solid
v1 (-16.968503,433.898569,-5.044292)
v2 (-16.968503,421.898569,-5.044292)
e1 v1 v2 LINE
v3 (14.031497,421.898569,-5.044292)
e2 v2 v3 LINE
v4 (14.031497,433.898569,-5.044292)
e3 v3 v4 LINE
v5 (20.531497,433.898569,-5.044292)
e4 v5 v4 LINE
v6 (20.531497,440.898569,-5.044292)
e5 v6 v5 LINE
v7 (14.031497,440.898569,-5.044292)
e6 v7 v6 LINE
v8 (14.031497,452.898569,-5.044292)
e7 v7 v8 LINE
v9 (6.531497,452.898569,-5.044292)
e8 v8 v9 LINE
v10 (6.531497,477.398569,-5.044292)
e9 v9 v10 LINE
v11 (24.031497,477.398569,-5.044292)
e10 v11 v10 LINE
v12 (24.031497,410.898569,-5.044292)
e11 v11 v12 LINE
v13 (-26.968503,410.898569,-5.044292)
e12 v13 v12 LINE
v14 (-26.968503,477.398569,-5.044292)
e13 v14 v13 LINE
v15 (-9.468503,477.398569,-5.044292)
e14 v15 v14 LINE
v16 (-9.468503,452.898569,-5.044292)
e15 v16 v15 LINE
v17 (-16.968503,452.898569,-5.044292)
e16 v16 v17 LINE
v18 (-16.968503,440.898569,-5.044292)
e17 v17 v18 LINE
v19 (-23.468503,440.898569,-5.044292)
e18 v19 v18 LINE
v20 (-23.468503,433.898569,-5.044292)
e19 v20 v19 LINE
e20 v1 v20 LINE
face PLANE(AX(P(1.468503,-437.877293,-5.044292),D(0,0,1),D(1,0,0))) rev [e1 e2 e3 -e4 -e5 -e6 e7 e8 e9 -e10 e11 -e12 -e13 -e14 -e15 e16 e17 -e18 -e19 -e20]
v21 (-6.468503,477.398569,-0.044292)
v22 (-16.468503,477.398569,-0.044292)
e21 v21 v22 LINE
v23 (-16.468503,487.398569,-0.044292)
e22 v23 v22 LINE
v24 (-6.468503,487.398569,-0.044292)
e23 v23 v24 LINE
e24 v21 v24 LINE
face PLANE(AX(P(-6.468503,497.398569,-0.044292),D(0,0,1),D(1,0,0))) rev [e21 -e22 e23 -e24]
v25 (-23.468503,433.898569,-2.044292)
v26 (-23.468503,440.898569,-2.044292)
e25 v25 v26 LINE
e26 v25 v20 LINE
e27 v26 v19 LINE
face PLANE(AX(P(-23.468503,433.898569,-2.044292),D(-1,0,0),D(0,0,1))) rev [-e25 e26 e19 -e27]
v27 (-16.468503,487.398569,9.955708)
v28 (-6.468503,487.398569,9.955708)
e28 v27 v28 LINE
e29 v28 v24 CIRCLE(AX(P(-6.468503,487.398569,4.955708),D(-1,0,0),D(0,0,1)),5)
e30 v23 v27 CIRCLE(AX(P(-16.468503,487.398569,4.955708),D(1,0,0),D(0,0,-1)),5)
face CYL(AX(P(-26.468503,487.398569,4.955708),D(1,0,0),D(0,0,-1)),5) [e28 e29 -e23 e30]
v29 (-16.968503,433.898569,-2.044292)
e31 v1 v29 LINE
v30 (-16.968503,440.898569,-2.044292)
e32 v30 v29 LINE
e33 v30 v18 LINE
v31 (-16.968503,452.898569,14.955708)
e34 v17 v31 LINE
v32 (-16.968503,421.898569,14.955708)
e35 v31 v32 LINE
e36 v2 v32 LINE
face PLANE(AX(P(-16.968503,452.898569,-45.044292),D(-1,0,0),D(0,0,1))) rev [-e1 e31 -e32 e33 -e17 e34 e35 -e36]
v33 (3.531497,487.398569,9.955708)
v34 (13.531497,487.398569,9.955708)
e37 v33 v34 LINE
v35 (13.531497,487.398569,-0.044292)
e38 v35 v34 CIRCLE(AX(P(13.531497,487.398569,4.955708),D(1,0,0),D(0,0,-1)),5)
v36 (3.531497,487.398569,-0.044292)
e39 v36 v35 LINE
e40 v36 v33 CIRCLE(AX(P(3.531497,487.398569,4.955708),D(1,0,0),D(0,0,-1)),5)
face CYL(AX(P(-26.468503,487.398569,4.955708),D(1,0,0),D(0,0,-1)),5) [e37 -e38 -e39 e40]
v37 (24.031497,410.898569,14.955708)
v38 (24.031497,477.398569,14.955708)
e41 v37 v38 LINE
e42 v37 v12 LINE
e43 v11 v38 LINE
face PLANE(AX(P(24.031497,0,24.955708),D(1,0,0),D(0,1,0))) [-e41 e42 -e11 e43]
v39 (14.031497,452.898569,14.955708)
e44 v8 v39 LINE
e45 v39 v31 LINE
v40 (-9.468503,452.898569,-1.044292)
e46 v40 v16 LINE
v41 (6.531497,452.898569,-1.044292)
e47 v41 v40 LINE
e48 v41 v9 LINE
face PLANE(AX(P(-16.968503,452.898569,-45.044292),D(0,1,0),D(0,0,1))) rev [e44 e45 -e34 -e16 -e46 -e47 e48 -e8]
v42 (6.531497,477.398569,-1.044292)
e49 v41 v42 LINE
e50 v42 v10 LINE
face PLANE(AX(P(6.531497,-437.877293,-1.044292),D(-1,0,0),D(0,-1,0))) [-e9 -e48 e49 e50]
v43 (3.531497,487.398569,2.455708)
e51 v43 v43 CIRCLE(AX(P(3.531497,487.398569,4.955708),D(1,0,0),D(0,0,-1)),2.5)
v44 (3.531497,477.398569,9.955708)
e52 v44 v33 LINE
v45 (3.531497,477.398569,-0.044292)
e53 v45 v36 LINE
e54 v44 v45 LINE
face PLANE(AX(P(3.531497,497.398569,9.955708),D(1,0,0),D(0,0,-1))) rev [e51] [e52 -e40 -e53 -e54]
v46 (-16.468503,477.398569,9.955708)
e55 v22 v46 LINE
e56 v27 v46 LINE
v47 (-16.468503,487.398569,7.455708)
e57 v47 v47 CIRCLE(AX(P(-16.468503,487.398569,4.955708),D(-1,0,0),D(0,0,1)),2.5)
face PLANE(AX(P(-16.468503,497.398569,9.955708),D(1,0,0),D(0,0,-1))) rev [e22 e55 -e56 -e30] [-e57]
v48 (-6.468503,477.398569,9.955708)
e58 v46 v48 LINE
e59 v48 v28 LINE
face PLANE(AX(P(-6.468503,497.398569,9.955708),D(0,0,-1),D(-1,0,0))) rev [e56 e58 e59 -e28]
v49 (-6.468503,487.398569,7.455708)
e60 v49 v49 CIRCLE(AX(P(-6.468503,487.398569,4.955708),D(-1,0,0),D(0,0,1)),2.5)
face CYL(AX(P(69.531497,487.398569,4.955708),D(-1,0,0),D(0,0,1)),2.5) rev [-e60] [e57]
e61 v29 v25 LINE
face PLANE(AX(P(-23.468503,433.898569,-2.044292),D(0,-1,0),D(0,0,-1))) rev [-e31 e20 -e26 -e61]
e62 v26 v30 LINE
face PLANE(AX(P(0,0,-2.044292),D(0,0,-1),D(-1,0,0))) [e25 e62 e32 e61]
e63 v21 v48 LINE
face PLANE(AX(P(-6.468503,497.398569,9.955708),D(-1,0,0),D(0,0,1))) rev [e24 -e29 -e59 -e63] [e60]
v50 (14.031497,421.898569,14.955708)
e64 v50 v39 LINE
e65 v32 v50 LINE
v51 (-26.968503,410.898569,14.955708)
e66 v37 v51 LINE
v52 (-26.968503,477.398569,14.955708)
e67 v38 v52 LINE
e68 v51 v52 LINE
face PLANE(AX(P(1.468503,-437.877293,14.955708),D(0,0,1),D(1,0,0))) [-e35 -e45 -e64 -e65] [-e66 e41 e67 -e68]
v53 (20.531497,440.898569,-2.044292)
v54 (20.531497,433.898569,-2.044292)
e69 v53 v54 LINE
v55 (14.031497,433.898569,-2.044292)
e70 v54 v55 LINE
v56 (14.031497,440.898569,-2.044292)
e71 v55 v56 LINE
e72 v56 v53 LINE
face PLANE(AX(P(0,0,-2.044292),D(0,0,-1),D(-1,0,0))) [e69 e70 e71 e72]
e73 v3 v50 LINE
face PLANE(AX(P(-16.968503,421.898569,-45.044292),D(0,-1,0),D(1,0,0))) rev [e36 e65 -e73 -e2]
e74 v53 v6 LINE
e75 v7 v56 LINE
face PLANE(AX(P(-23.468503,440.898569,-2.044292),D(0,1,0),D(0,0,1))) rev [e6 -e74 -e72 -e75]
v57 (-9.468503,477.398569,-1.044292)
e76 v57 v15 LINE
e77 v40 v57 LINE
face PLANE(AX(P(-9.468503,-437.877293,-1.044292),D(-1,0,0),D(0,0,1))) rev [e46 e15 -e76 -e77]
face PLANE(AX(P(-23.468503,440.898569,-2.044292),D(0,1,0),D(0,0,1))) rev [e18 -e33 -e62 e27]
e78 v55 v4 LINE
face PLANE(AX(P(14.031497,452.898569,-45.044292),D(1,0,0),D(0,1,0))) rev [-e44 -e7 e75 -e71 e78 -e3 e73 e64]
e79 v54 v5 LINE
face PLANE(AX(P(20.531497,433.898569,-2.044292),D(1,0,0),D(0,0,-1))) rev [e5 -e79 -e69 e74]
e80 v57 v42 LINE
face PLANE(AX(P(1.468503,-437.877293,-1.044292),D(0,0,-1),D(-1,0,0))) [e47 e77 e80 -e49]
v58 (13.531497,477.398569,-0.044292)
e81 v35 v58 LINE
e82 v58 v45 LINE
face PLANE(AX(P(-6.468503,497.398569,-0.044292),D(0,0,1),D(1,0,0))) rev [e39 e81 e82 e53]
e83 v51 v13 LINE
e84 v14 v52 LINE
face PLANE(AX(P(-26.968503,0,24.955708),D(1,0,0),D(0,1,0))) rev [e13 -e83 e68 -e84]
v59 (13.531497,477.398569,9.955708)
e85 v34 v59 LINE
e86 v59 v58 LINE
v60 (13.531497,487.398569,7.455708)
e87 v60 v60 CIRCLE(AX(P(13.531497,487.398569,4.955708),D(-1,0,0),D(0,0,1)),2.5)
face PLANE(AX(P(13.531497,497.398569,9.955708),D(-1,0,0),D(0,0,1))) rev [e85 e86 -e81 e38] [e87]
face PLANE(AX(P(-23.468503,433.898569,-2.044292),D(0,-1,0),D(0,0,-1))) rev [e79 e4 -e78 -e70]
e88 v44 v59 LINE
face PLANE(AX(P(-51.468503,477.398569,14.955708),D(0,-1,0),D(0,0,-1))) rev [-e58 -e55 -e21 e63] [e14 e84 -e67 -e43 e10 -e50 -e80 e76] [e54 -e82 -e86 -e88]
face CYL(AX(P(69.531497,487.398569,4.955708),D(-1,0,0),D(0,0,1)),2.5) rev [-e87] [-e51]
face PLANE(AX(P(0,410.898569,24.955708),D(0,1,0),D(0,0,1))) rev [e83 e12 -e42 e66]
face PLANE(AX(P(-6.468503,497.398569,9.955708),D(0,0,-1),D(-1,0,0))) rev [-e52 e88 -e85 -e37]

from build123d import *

# Parameters (mm, degrees)
SKETCH1_W           = 50
SKETCH1_H           = 40
BOSS_EXTRUDE1_DEPTH = 10
SKETCH5_W           = 6
SKETCH5_H           = 5
BOSS_EXTRUDE3_DEPTH = 10
SKETCH6_R           = 2
CUT_EXTRUDE1_DEPTH  = 20
SKETCH8_W           = 10
SKETCH8_H           = 40
CUT_EXTRUDE2_DEPTH  = 25
SKETCH9_W           = 10
SKETCH9_H           = 6
SKETCH9_R           = 1.930897171
BOSS_EXTRUDE4_DEPTH = 5
SKETCH10_W          = 10
SKETCH10_H          = 5
CUT_EXTRUDE3_DEPTH  = 15
SKETCH11_W          = 5
SKETCH11_H          = 5
BOSS_EXTRUDE5_DEPTH = 10
SKETCH12_R          = 1.5
CUT_EXTRUDE4_DEPTH  = 10
SKETCH13_W          = 6
SKETCH13_H          = 5
CUT_EXTRUDE5_DEPTH  = 10
SKETCH15_W          = 5
SKETCH15_H          = 5
BOSS_EXTRUDE7_DEPTH = 10
SKETCH18_W          = 5
SKETCH18_H          = 5
CUT_EXTRUDE7_DEPTH  = 10
SKETCH19_R          = 1.25
CUT_EXTRUDE8_DEPTH  = 43
CUT_EXTRUDE9_DEPTH  = 20
SKETCH21_W          = 15.5
SKETCH21_H          = 15.5
CUT_EXTRUDE10_DEPTH = 30
SKETCH22_W          = 8
SKETCH22_H          = 12.25
CUT_EXTRUDE11_DEPTH = 2
SCALE2_SCALE        = 2
CUT_EXTRUDE12_DEPTH = 30
SKETCH24_W          = 44
SKETCH24_H          = 7
CUT_EXTRUDE13_DEPTH = 3


with BuildPart() as part:
    # Sketch1 → Boss-Extrude1 (new body)
    with BuildSketch(Plane(origin=(669.84184187, 0, 0), x_dir=(1, 0, 0), z_dir=(0, 0, 1))):
        with Locations((-671.310344828, 437.637931034)):
            Rectangle(SKETCH1_W, SKETCH1_H)
    boss_extrude1 = extrude(amount=BOSS_EXTRUDE1_DEPTH)

    # Sketch5 → Boss-Extrude3 (add)
    with BuildSketch(Plane(origin=(23.531497042, 0, 0), x_dir=(0, 0, -1), z_dir=(1, 0, 0))):
        with Locations((-5, 442.637931034)):
            Rectangle(SKETCH5_W, SKETCH5_H)
        with Locations((-5, 432.637931034)):
            Rectangle(SKETCH5_W, SKETCH5_H)
    extrude(amount=BOSS_EXTRUDE3_DEPTH)

    # Sketch6 → Cut-Extrude1 (cut)
    with BuildSketch(Plane(origin=(669.84184187, 445.137931034, 0), x_dir=(1, 0, 0), z_dir=(0, 1, 0))):
        with Locations(Location((-641.310344828, -5, 0), (0, 0, 180))):
            Circle(SKETCH6_R)
    extrude(amount=-CUT_EXTRUDE1_DEPTH, mode=Mode.SUBTRACT)

    # Sketch8 → Cut-Extrude2 (cut)
    with BuildSketch(Plane.ZY.offset(26.468502958)):
        with Locations((5, 437.637931034)):
            Rectangle(SKETCH8_W, SKETCH8_H)
    extrude(amount=-CUT_EXTRUDE2_DEPTH, mode=Mode.SUBTRACT)

    # Sketch9 → Boss-Extrude4 (add)
    with BuildSketch(Plane(origin=(0, 435.137931034, 0), x_dir=(1, 0, 0), z_dir=(0, 1, 0))):
        with Locations((28.531497042, -5)):
            Rectangle(SKETCH9_W, SKETCH9_H)
        with Locations(Location((28.531497042, -5, 0), (0, 0, 180))):
            Circle(SKETCH9_R, mode=Mode.SUBTRACT)
    extrude(amount=BOSS_EXTRUDE4_DEPTH)

    # Sketch10 → Cut-Extrude3 (cut)
    with BuildSketch(Plane.XY.offset(8)):
        with Locations((28.531497042, 432.637931034)):
            Rectangle(SKETCH10_W, SKETCH10_H)
        with Locations((28.531497042, 442.637931034)):
            Rectangle(SKETCH10_W, SKETCH10_H)
    extrude(amount=-CUT_EXTRUDE3_DEPTH, mode=Mode.SUBTRACT)

    # Mirror1: Boss-Extrude1 across plane
    add(boss_extrude1.mirror(Plane(origin=(-1.468502958, 0, 0), x_dir=(0, 0, 1), z_dir=(1, 0, 0))))

    # Sketch11 → Boss-Extrude5 (add)
    with BuildSketch(Plane(origin=(0, 457.637931034, 0), x_dir=(1, 0, 0), z_dir=(0, 1, 0))):
        with Locations((-1.468502958, -5)):
            Rectangle(SKETCH11_W, SKETCH11_H)
    extrude(amount=BOSS_EXTRUDE5_DEPTH)

    # Sketch12 → Cut-Extrude4 (cut)
    with BuildSketch(Plane(origin=(1.031497042, 0, 0), x_dir=(0, 0, -1), z_dir=(1, 0, 0))):
        with Locations((-5, 462.637931034)):
            Circle(SKETCH12_R)
    extrude(amount=-CUT_EXTRUDE4_DEPTH, mode=Mode.SUBTRACT)

    # Sketch13 → Cut-Extrude5 (cut)
    with BuildSketch(Plane(origin=(33.531497042, 0, 0), x_dir=(0, 0, -1), z_dir=(1, 0, 0))):
        with Locations((-5, 437.637931034)):
            Rectangle(SKETCH13_W, SKETCH13_H)
    extrude(amount=-CUT_EXTRUDE5_DEPTH, mode=Mode.SUBTRACT)

    # Sketch15 → Boss-Extrude7 (add)
    with BuildSketch(Plane(origin=(0, 457.637931034, 0), x_dir=(1, 0, 0), z_dir=(0, 1, 0))):
        with Locations((-6.468502958, -5)):
            Rectangle(SKETCH15_W, SKETCH15_H)
        with Locations((3.531497042, -5)):
            Rectangle(SKETCH15_W, SKETCH15_H)
    extrude(amount=BOSS_EXTRUDE7_DEPTH)

    # Sketch18 → Cut-Extrude7 (cut)
    with BuildSketch(Plane(origin=(0, 467.637931034, 0), x_dir=(1, 0, 0), z_dir=(0, 1, 0))):
        with Locations((-1.468502958, -5)):
            Rectangle(SKETCH18_W, SKETCH18_H)
    extrude(amount=-CUT_EXTRUDE7_DEPTH, mode=Mode.SUBTRACT)

    # Sketch19 → Cut-Extrude8 (cut)
    with BuildSketch(Plane.ZY.offset(8.968502958)):
        with Locations((5, 462.637931034)):
            Circle(SKETCH19_R)
    extrude(amount=-CUT_EXTRUDE8_DEPTH, mode=Mode.SUBTRACT)

    # Sketch20 → Cut-Extrude9 (cut)
    with BuildSketch(Plane(origin=(6.031497042, 0, 0), x_dir=(0, 0, -1), z_dir=(1, 0, 0))):
        with BuildLine():
            Line((-7.5, 467.637931034), (-7.5, 462.637931034))
            ThreePointArc((-7.5, 462.637931034), (-5, 465.137931034), (-2.5, 462.637931034))
            Line((-2.5, 462.637931034), (-2.5, 467.637931034))
            Line((-2.5, 467.637931034), (-7.5, 467.637931034))
        make_face()
    extrude(amount=-CUT_EXTRUDE9_DEPTH, mode=Mode.SUBTRACT)

    # Sketch21 → Cut-Extrude10 (cut)
    with BuildSketch(Plane.XY.offset(10)):
        with Locations((-1.468502958, 437.637931034)):
            Rectangle(SKETCH21_W, SKETCH21_H)
    extrude(amount=-CUT_EXTRUDE10_DEPTH, mode=Mode.SUBTRACT)

    # Sketch22 → Cut-Extrude11 (cut)
    with BuildSketch(Plane(origin=(0, 0, 0), x_dir=(-1, 0, 0), z_dir=(0, 0, -1))):
        with Locations((1.468502958, 451.512931034)):
            Rectangle(SKETCH22_W, SKETCH22_H)
    extrude(amount=-CUT_EXTRUDE11_DEPTH, mode=Mode.SUBTRACT)


with BuildPart() as part_1:
    # Scale2: scaled about (-1.468502958, 437.877293221, 5.044292315)
    add(part.part.scale(SCALE2_SCALE).moved(Location((1.468502958, -437.877293221, -5.044292315))))

    # Sketch23 → Cut-Extrude12 (cut)
    with BuildSketch(Plane(origin=(0, 0, -5.044292315), x_dir=(-1, 0, 0), z_dir=(0, 0, -1))):
        Polygon((26.968502958, 495.287404552), (26.968502958, 477.398568848), (51.468502958, 477.398568848), (51.468502958, 397.398568848), (-48.531497042, 397.398568848), (-48.531497042, 477.398568848), (-24.031497042, 477.398568848), (-24.031497042, 495.287404552), (-71.530370383, 495.287404552), (-71.530370383, 371.111775085), (85.960671869, 371.111775085), (85.960671869, 495.287404552), align=None)
        Polygon((51.468502958, 477.398568848), (26.968502958, 477.398568848), (26.968502958, 410.898568848), (-24.031497042, 410.898568848), (-24.031497042, 477.398568848), (-48.531497042, 477.398568848), (-48.531497042, 397.398568848), (51.468502958, 397.398568848), align=None)
    extrude(amount=-CUT_EXTRUDE12_DEPTH, mode=Mode.SUBTRACT)

    # Sketch24 → Cut-Extrude13 (cut)
    with BuildSketch(Plane(origin=(0, 0, -5.044292315), x_dir=(-1, 0, 0), z_dir=(0, 0, -1))):
        with Locations((1.468502958, 437.398568848)):
            Rectangle(SKETCH24_W, SKETCH24_H)
    extrude(amount=-CUT_EXTRUDE13_DEPTH, mode=Mode.SUBTRACT)


solid = part_1.part
